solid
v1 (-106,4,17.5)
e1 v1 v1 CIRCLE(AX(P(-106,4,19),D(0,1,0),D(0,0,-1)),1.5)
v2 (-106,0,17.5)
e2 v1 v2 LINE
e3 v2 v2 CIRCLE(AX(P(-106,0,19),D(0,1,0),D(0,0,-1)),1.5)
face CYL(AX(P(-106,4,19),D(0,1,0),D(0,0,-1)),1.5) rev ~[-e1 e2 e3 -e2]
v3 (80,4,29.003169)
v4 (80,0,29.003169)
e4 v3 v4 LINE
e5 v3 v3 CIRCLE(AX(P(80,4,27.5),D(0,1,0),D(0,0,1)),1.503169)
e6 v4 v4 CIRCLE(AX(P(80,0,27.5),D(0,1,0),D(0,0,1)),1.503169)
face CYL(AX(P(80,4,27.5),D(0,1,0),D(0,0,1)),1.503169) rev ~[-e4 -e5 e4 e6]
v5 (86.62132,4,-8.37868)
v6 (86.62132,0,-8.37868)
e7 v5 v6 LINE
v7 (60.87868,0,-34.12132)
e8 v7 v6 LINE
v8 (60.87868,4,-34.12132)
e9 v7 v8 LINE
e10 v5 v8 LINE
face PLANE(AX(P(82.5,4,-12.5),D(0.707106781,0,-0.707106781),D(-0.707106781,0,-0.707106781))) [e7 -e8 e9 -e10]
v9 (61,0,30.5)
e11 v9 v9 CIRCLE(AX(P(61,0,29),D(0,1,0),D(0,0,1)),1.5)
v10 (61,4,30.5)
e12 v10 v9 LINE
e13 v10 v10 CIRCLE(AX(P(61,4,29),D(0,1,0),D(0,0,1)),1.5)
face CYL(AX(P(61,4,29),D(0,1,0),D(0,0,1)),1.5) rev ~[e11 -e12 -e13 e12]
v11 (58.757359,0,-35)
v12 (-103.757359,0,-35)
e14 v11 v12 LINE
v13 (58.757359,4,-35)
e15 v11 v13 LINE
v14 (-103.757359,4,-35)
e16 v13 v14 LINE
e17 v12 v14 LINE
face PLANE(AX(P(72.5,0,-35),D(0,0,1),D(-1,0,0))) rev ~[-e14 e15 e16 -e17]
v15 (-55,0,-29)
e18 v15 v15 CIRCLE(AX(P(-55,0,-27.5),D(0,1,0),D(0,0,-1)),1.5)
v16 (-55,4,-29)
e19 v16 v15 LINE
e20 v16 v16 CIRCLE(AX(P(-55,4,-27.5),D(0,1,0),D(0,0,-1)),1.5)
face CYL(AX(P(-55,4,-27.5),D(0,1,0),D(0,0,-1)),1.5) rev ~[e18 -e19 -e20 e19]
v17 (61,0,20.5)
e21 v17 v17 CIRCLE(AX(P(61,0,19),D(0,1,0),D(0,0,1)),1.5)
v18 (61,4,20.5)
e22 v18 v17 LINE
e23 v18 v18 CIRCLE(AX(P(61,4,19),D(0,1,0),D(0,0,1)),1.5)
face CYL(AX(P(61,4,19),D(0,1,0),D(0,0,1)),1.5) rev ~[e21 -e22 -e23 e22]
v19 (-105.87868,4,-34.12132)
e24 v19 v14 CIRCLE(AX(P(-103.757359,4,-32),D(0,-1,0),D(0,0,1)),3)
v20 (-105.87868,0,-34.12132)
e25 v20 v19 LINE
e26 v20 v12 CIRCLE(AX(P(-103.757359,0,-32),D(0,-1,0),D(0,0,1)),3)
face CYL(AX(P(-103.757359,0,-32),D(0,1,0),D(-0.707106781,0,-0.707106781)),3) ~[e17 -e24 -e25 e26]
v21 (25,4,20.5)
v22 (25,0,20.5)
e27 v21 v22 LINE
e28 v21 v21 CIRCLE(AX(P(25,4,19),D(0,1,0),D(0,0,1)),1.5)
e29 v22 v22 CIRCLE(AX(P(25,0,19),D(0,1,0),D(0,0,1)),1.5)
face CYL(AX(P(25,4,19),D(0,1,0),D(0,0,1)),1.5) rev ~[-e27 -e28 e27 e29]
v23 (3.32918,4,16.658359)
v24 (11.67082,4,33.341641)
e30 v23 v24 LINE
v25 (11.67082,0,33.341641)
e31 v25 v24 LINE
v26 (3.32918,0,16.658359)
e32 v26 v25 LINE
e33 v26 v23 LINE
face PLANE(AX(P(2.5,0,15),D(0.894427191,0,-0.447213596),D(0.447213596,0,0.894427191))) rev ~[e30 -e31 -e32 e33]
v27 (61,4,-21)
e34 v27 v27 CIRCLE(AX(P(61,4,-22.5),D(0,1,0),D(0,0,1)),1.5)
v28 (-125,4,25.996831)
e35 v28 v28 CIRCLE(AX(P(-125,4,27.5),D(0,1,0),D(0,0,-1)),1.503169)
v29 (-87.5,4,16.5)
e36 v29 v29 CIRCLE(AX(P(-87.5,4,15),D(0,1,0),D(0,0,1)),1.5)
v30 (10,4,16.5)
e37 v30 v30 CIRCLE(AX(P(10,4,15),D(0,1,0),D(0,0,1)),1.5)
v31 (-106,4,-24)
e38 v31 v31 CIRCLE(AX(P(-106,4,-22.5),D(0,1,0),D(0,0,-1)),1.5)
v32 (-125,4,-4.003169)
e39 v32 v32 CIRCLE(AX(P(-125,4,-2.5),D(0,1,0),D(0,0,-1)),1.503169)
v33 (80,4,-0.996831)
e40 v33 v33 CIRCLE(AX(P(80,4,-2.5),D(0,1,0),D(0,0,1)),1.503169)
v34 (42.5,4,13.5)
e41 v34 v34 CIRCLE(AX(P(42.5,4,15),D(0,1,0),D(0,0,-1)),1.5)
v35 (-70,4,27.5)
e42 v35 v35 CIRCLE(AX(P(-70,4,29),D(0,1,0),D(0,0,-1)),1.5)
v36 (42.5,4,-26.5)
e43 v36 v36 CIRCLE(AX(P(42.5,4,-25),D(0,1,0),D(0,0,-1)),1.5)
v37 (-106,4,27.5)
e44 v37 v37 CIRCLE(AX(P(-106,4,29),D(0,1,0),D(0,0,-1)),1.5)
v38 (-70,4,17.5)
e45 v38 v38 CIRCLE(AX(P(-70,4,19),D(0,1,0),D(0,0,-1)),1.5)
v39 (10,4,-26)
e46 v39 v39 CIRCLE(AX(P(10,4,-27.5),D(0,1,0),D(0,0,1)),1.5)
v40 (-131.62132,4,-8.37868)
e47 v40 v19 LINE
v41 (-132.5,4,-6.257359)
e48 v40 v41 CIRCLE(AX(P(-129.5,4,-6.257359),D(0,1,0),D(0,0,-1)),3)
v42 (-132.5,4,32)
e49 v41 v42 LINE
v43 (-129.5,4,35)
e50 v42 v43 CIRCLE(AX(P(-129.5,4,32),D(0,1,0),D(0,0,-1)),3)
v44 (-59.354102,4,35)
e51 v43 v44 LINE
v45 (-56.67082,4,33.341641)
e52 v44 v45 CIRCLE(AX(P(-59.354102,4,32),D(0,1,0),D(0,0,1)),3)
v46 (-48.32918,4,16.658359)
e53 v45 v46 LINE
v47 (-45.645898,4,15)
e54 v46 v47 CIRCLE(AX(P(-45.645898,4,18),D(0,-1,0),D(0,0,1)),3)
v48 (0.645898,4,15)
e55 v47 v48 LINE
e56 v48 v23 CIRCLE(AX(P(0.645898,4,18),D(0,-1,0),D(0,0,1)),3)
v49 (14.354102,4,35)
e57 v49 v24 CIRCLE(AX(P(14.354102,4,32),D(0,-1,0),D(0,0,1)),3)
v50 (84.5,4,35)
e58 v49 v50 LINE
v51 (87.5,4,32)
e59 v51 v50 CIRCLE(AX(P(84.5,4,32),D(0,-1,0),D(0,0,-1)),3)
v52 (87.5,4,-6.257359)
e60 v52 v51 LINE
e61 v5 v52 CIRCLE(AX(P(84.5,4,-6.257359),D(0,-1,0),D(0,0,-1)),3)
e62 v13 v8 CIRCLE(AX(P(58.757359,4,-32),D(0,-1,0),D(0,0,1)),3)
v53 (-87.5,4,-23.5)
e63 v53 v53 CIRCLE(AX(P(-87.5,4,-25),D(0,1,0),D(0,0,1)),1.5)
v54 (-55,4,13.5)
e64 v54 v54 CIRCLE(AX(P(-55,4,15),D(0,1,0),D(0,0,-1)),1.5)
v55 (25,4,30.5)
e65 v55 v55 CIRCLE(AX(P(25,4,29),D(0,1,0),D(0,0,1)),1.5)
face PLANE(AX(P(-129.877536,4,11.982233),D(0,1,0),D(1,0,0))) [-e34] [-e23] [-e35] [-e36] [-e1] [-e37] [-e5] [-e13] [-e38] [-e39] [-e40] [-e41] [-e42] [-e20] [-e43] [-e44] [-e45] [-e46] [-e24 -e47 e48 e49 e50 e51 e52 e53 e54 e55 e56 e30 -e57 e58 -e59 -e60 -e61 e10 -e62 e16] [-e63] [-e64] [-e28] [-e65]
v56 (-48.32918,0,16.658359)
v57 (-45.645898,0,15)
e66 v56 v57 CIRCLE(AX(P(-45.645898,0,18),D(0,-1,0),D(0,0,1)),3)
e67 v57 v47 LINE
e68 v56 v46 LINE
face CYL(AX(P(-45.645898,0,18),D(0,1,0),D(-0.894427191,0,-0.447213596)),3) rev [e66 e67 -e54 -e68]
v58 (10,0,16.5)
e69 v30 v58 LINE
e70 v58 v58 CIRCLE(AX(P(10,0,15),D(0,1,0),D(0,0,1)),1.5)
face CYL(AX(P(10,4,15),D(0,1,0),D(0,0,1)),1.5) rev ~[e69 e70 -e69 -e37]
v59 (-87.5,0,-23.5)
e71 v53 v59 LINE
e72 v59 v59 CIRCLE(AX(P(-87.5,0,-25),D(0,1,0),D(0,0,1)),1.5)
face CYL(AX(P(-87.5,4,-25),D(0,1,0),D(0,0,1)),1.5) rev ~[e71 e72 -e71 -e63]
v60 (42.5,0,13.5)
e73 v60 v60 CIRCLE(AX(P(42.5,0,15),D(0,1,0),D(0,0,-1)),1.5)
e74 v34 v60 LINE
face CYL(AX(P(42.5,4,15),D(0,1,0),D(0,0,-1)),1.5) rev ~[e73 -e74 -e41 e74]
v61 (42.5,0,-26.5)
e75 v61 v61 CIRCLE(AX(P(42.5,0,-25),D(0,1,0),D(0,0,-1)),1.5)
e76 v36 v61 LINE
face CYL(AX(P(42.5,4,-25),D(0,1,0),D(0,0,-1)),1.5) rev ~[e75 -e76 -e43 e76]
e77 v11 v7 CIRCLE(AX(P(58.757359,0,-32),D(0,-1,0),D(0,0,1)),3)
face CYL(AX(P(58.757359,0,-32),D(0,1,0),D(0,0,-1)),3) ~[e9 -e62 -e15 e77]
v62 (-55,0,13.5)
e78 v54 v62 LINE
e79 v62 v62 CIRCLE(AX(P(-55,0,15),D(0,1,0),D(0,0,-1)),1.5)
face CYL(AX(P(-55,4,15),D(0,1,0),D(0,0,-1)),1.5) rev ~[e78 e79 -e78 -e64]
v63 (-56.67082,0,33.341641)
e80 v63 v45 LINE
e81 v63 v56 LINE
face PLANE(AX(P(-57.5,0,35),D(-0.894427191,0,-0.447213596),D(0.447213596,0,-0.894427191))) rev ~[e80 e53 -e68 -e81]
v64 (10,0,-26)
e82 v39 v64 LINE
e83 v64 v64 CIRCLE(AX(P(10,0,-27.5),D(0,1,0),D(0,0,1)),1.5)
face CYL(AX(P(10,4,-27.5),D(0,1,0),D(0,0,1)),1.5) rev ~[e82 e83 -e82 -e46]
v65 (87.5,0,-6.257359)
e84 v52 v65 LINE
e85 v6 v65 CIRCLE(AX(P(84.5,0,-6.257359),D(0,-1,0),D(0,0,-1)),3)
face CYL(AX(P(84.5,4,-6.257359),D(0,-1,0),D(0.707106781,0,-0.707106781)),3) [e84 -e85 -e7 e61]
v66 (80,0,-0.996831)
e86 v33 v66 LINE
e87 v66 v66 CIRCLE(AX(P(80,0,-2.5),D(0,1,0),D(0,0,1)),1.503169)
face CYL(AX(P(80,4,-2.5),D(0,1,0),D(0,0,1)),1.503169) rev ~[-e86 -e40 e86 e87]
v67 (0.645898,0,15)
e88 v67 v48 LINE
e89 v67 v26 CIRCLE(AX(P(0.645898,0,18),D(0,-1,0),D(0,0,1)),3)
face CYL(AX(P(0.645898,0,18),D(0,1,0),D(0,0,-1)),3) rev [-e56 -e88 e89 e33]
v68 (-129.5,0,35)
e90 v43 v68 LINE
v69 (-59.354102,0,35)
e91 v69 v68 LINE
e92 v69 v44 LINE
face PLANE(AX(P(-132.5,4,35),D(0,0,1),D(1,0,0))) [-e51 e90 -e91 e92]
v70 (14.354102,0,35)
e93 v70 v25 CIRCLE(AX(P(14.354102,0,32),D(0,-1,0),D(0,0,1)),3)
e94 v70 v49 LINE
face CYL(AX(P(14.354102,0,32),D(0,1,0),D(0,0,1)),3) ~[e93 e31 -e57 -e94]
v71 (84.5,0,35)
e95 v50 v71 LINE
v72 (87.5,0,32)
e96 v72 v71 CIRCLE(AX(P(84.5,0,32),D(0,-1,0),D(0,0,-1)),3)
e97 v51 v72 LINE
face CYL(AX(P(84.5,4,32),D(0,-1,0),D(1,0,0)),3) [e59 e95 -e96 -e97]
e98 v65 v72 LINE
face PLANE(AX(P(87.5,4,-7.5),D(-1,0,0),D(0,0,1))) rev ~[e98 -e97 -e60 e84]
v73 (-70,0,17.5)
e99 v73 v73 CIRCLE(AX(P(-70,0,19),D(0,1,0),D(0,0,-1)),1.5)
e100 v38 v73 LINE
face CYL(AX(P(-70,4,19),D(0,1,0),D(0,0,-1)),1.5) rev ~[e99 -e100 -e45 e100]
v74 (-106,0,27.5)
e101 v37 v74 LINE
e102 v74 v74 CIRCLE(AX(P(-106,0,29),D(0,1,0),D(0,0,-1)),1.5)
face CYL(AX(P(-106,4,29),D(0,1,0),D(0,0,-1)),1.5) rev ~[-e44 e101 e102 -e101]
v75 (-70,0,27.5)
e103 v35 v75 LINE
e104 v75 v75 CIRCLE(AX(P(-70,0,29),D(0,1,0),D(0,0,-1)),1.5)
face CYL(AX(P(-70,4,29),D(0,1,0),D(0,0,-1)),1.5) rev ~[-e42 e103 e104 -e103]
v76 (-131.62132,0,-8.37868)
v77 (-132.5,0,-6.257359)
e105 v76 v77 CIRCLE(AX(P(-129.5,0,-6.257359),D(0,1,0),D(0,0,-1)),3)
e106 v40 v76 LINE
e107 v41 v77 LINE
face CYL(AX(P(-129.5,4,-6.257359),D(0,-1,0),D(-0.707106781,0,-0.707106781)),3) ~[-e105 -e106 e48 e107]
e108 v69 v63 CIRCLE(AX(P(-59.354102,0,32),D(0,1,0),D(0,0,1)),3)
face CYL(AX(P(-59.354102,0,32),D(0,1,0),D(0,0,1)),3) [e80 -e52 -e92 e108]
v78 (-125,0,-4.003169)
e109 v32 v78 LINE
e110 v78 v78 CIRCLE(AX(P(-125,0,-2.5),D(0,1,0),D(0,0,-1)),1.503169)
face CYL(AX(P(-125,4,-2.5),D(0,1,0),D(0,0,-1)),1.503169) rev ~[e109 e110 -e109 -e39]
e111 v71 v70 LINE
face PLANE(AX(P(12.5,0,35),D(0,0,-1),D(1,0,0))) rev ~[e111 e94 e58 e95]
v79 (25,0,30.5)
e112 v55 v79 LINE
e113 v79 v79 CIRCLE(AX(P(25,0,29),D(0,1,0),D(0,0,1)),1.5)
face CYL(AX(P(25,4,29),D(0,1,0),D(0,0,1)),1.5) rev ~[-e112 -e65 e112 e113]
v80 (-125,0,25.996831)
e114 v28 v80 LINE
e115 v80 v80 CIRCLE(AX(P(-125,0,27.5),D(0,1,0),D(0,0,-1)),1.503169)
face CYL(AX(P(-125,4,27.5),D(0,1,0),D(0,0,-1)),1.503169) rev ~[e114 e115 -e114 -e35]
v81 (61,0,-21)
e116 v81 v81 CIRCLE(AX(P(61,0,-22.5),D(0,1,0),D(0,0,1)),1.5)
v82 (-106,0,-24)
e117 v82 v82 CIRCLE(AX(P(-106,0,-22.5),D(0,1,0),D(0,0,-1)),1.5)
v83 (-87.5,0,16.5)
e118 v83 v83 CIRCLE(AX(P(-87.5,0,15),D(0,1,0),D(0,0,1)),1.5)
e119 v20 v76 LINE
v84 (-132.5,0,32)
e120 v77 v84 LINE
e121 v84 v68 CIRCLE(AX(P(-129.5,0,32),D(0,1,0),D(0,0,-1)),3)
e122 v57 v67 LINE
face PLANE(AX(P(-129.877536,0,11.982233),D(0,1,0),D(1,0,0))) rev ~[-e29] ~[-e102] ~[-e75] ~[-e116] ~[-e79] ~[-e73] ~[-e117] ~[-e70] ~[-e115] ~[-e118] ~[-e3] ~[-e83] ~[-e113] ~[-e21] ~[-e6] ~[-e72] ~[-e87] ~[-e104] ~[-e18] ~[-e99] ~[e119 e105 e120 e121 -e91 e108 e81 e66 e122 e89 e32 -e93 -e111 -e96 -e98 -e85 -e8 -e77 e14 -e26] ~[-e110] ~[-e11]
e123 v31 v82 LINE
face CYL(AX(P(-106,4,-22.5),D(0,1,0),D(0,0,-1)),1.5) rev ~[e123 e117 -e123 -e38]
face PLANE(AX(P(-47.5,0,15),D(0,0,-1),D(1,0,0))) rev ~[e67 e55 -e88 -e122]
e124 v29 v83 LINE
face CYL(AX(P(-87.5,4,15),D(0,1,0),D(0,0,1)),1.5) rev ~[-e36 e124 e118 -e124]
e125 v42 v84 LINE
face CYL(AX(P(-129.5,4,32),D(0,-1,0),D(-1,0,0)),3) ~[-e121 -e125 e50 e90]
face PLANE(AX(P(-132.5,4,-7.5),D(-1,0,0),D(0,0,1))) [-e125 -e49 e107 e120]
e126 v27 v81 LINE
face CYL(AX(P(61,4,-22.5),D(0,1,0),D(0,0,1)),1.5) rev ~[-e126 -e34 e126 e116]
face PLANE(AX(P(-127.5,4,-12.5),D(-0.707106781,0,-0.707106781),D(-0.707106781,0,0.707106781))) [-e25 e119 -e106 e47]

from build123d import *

# Parameters (mm, degrees)
EXTRUDE_1_DEPTH     = 4
SKETCH_2_R          = 1.5
CUT_EXTRUDE_1_DEPTH = 4
SKETCH_3_W          = 10
SKETCH_3_H          = 69.678883607
SKETCH_3_H_2        = 93.047687854
CUT_EXTRUDE_2_DEPTH = 4
CUT_EXTRUDE_3_DEPTH = 4
EXTRUDE_2_DEPTH     = 4
SKETCH_6_R          = 1.5
CUT_EXTRUDE_4_DEPTH = 10
FILLET_1_R          = 3
SKETCH_7_R          = 1.503168948
SKETCH_7_R_2        = 1.5
CUT_EXTRUDE_5_DEPTH = 10
SKETCH_8_R          = 1.5
CUT_EXTRUDE_6_DEPTH = 10


with BuildPart() as part:
    # 草图1 → 凸台-拉伸1 (new body)
    with BuildSketch(Plane(origin=(0, 0, 0), x_dir=(1, 0, 0), z_dir=(0, 1, 0))):
        Polygon((-137.5, -35), (-67.5, -35), (-57.5, -35), (-47.5, -15), (2.5, -15), (12.5, -35), (22.5, -35), (92.5, -35), (92.5, 15), (72.5, 35), (-117.5, 35), (-137.5, 15), align=None)
    extrude(amount=EXTRUDE_1_DEPTH)

    # 草图2 → 切除-拉伸1 (cut)
    with BuildSketch(Plane(origin=(0, 4, 0), x_dir=(1, 0, 0), z_dir=(0, 1, 0))):
        with Locations(Location((-87.5, -15, 0), (0, 0, 270))):
            Circle(SKETCH_2_R)
        with Locations(Location((-87.5, 25, 0), (0, 0, 270))):
            Circle(SKETCH_2_R)
        with Locations(Location((42.5, 25, 0), (0, 0, 90))):
            Circle(SKETCH_2_R)
        with Locations(Location((42.5, -15, 0), (0, 0, 90))):
            Circle(SKETCH_2_R)
    extrude(amount=-CUT_EXTRUDE_1_DEPTH, mode=Mode.SUBTRACT)

    # 草图3 → 切除-拉伸2 (cut)
    with BuildSketch(Plane(origin=(0, 4, 0), x_dir=(1, 0, 0), z_dir=(0, 1, 0))):
        with Locations((-132.5, -0.160558196)):
            Rectangle(SKETCH_3_W, SKETCH_3_H)
        with Locations((87.5, 11.523843927)):
            Rectangle(SKETCH_3_W, SKETCH_3_H_2)
    extrude(amount=-CUT_EXTRUDE_2_DEPTH, mode=Mode.SUBTRACT)

    # 草图4 → 切除-拉伸3 (cut)
    with BuildSketch(Plane(origin=(0, 4, 0), x_dir=(1, 0, 0), z_dir=(0, 1, 0))):
        Polygon((-127.5, 12.5), (-92.197077218, 47.802922782), (-150.178982695, 47.802922782), align=None)
        Polygon((82.5, 12.5), (37.005283765, 57.994716235), (96.544114713, 56.205234398), align=None)
    extrude(amount=-CUT_EXTRUDE_3_DEPTH, mode=Mode.SUBTRACT)

    # 草图5 → 凸台-拉伸2 (add)
    with BuildSketch(Plane(origin=(0, 4, 0), x_dir=(1, 0, 0), z_dir=(0, 1, 0))):
        Polygon((-127.5, 12.5), (-132.5, 7.5), (-132.5, -35), (-127.5, -35), align=None)
        Polygon((82.5, -35), (82.5, 12.5), (87.5, 7.5), (87.5, -35), align=None)
    extrude(amount=-EXTRUDE_2_DEPTH)

    # 草图6 → 切除-拉伸4 (cut)
    with BuildSketch(Plane(origin=(0, 4, 0), x_dir=(1, 0, 0), z_dir=(0, 1, 0))):
        with Locations(Location((61, -29, 0), (0, 0, 270))):
            Circle(SKETCH_6_R)
        with Locations(Location((61, -19, 0), (0, 0, 270))):
            Circle(SKETCH_6_R)
        with Locations(Location((25, -19, 0), (0, 0, 270))):
            Circle(SKETCH_6_R)
        with Locations(Location((25, -29, 0), (0, 0, 270))):
            Circle(SKETCH_6_R)
        with Locations(Location((-70, -29, 0), (0, 0, 90))):
            Circle(SKETCH_6_R)
        with Locations(Location((-70, -19, 0), (0, 0, 90))):
            Circle(SKETCH_6_R)
        with Locations(Location((-106, -19, 0), (0, 0, 90))):
            Circle(SKETCH_6_R)
        with Locations(Location((-106, -29, 0), (0, 0, 90))):
            Circle(SKETCH_6_R)
    extrude(amount=-CUT_EXTRUDE_4_DEPTH, mode=Mode.SUBTRACT)

    # 圆角1
    fillet_1_edges = [part.edges().sort_by_distance(p)[0] for p in [
        (60, 2, -35),
        (-132.5, 2, -7.5),
        (-132.5, 2, 35),
        (87.5, 2, -7.5),
        (87.5, 2, 35),
        (12.5, 2, 35),
        (2.5, 2, 15),
        (-47.5, 2, 15),
        (-57.5, 2, 35),
        (-105, 2, -35),
    ]]
    fillet(fillet_1_edges, radius=FILLET_1_R)

    # 草图7 → 切除-拉伸5 (cut)
    with BuildSketch(Plane(origin=(0, 4, 0), x_dir=(1, 0, 0), z_dir=(0, 1, 0))):
        with Locations(Location((80, -27.5, 0), (0, 0, 270))):
            Circle(SKETCH_7_R)
        with Locations(Location((80, 2.5, 0), (0, 0, 270))):
            Circle(SKETCH_7_R)
        with Locations(Location((-125, 2.5, 0), (0, 0, 90))):
            Circle(SKETCH_7_R)
        with Locations(Location((-125, -27.5, 0), (0, 0, 90))):
            Circle(SKETCH_7_R)
        with Locations(Location((10, -15, 0), (0, 0, 270))):
            Circle(SKETCH_7_R_2)
        with Locations(Location((10, 27.5, 0), (0, 0, 270))):
            Circle(SKETCH_7_R_2)
        with Locations(Location((-55, 27.5, 0), (0, 0, 90))):
            Circle(SKETCH_7_R_2)
        with Locations(Location((-55, -15, 0), (0, 0, 90))):
            Circle(SKETCH_7_R_2)
    extrude(amount=-CUT_EXTRUDE_5_DEPTH, mode=Mode.SUBTRACT)

    # 草图8 → 切除-拉伸6 (cut)
    with BuildSketch(Plane(origin=(0, 4, 0), x_dir=(1, 0, 0), z_dir=(0, 1, 0))):
        with Locations(Location((61, 22.5, 0), (0, 0, 270))):
            Circle(SKETCH_8_R)
        with Locations(Location((-106, 22.5, 0), (0, 0, 90))):
            Circle(SKETCH_8_R)
    extrude(amount=-CUT_EXTRUDE_6_DEPTH, mode=Mode.SUBTRACT)


solid = part.part
